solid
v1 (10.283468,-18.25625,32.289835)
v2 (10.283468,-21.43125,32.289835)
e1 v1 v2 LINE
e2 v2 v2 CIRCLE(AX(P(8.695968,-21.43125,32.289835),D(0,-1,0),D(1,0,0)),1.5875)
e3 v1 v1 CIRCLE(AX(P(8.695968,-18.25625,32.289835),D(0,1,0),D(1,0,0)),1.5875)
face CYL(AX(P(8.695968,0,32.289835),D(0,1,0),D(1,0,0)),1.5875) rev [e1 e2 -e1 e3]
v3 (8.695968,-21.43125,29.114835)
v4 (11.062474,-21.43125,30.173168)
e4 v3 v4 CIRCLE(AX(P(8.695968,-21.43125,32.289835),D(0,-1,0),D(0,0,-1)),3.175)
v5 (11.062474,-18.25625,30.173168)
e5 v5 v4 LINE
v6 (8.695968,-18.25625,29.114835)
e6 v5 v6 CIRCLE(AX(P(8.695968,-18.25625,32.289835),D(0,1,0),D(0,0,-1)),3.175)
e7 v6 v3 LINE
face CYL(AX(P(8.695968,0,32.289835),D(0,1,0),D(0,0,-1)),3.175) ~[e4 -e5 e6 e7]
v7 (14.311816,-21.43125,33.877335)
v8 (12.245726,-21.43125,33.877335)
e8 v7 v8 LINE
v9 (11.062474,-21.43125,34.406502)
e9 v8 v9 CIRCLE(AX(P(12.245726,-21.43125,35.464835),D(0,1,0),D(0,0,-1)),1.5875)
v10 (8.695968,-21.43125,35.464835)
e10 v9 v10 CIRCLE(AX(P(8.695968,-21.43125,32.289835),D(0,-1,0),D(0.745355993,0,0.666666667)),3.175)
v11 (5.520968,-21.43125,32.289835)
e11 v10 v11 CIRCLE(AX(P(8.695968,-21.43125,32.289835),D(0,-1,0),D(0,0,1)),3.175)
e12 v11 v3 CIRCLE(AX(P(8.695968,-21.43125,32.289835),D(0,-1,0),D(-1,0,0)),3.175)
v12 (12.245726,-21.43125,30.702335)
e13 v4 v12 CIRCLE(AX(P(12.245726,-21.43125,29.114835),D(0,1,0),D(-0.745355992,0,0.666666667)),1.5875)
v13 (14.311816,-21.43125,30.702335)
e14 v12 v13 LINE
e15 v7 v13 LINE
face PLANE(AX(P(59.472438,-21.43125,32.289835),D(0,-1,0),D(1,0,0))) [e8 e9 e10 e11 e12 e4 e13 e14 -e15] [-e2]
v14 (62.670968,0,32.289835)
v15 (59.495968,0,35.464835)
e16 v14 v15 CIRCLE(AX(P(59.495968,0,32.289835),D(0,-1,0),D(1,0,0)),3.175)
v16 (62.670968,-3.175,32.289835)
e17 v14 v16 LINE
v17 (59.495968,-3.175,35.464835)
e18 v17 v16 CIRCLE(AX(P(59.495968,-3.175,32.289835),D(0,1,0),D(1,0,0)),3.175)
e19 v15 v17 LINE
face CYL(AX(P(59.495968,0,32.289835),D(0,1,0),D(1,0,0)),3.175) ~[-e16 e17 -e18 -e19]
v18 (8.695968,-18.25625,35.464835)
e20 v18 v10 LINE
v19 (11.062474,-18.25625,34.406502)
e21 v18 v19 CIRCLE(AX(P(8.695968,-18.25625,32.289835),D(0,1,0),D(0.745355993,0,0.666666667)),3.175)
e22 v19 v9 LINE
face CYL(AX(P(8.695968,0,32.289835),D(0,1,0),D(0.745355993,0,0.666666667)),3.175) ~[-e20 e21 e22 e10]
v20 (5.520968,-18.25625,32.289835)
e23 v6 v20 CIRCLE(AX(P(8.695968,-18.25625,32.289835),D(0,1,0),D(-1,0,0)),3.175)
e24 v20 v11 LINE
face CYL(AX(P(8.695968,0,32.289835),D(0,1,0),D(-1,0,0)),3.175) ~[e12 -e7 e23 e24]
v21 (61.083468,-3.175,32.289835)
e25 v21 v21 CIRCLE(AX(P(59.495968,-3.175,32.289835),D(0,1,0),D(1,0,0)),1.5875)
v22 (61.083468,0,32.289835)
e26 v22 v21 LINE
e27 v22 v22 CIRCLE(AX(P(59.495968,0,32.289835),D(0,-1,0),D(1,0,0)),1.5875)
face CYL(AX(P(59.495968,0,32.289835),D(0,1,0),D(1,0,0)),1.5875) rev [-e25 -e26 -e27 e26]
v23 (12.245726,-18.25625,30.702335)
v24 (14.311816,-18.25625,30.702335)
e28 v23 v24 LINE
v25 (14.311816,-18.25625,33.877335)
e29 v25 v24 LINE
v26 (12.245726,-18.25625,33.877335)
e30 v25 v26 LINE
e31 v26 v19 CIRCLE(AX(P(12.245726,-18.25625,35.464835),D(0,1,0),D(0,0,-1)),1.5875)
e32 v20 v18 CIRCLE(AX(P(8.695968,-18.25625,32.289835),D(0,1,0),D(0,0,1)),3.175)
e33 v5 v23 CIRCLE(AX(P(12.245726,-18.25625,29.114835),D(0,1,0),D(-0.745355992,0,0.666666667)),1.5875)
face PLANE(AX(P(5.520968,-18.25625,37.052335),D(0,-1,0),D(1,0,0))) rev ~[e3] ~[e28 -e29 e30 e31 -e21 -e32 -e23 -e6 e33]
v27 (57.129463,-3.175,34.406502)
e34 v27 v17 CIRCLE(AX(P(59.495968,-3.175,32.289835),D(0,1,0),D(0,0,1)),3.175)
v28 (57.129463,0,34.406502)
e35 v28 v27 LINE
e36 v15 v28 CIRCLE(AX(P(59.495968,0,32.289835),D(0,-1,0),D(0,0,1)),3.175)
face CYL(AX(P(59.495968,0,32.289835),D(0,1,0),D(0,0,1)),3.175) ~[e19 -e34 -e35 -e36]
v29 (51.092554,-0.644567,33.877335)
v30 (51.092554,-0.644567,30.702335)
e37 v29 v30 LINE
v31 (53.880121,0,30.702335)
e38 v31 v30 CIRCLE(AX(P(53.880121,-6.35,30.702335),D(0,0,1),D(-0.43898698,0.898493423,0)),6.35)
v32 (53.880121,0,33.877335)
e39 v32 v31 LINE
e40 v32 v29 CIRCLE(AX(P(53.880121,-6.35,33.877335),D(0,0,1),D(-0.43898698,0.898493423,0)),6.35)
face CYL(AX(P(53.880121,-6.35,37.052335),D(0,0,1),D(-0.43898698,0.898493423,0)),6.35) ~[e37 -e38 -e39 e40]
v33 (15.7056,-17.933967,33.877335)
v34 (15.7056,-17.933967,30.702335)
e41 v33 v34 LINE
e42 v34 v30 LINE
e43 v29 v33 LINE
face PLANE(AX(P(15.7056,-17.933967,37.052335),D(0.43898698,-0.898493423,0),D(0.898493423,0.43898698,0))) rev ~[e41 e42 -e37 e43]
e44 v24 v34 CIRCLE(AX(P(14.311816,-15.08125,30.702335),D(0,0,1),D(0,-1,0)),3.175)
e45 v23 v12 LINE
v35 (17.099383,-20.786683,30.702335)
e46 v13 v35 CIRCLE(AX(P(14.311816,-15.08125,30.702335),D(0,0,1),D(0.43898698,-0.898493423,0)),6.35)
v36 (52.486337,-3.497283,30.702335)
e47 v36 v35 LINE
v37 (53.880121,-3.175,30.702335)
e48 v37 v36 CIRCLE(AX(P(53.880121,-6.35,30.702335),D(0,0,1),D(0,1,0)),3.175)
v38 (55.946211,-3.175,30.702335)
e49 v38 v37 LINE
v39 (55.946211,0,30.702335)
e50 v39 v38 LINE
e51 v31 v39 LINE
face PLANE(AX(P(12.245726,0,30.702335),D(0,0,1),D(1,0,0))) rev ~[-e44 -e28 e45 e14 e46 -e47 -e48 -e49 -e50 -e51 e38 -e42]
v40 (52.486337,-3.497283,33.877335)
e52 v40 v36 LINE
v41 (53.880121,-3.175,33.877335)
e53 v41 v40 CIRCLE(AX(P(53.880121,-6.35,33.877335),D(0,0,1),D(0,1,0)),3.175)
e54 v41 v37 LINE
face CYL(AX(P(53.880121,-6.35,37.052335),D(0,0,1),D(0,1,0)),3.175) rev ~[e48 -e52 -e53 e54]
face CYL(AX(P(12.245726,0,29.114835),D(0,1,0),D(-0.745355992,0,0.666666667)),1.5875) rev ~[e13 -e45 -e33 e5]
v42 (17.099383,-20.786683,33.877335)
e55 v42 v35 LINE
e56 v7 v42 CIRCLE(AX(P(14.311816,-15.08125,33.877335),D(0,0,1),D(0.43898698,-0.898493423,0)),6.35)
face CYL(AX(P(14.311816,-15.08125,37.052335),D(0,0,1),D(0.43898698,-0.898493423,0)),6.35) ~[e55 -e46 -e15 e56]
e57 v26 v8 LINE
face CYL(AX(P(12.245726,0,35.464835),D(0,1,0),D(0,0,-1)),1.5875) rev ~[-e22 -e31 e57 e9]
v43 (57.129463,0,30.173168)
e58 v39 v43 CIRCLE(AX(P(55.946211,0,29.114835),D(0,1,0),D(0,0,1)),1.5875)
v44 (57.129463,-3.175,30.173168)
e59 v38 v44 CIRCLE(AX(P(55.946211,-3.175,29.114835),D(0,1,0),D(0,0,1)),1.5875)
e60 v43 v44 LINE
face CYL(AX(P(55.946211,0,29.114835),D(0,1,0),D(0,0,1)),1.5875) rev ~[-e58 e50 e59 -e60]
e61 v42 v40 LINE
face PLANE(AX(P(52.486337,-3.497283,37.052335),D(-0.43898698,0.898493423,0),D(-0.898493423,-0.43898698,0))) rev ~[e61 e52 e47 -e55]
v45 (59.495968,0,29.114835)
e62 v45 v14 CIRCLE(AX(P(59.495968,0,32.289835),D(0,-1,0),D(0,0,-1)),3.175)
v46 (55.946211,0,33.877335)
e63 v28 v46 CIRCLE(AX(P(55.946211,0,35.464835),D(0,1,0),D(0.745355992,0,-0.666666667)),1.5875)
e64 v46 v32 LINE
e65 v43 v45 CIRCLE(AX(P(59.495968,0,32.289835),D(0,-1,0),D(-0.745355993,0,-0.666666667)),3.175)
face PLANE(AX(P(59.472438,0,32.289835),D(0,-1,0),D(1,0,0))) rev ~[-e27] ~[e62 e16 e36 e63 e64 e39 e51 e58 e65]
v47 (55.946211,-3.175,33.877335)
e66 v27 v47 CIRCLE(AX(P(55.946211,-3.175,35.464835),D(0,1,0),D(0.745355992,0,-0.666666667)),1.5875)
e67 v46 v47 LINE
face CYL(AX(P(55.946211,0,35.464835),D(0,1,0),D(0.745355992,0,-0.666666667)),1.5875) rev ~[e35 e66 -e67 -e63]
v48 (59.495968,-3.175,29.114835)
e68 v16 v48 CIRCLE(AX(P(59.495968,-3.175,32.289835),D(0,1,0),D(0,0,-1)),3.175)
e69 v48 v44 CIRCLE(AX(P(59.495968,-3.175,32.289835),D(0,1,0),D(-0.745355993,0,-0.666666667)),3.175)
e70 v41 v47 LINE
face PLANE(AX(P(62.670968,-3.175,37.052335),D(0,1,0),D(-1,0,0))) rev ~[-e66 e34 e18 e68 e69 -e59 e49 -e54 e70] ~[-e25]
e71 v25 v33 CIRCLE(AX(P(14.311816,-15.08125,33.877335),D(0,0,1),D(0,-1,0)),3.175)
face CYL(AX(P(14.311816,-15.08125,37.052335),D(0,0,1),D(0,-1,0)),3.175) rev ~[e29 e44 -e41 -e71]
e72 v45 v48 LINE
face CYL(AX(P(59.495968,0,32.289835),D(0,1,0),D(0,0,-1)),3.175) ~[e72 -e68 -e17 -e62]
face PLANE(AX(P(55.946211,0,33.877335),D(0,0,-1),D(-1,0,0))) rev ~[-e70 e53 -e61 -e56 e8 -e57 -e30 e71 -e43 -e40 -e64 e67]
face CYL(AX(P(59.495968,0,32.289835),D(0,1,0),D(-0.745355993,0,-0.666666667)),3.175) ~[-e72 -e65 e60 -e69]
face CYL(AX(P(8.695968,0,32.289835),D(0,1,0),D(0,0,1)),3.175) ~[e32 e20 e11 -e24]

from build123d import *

# Parameters (mm, degrees)
F0_R     = 1.5875
F1_DEPTH = 21.43125
F3_W     = 5.5415052762
F3_H     = 18.25625
F3_W_2   = 1.1832526381
F4_DEPTH = 25.4


with BuildPart() as f1:
    # F0 (on Front) → F1 (new body)
    with BuildSketch(Plane.XZ):
        with BuildLine():
            ThreePointArc((62.670968473, 32.2898349643), (61.7410325032, 34.5348989945), (59.495968473, 35.4648349643))
            ThreePointArc((59.495968473, 35.4648349643), (58.1997801507, 35.1882001644), (57.1294631968, 34.4065016309))
            ThreePointArc((57.1294631968, 34.4065016309), (56.9242538578, 34.1517986959), (56.7463378159, 33.8773349643))
            ThreePointArc((56.7463378159, 33.8773349643), (56.320968473, 32.2898349643), (56.7463378159, 30.7023349643))
            ThreePointArc((56.7463378159, 30.7023349643), (56.9242538578, 30.4278712326), (57.1294631968, 30.1731682976))
            ThreePointArc((57.1294631968, 30.1731682976), (58.1997801507, 29.3914697641), (59.495968473, 29.1148349643))
            ThreePointArc((59.495968473, 29.1148349643), (61.7410325032, 30.044770934), (62.670968473, 32.2898349643))
        make_face()
        with Locations((59.495968473, 32.2898349643)):
            Circle(F0_R, mode=Mode.SUBTRACT)
        with BuildLine():
            Line((12.2457263872, 33.8773349643), (11.44559913, 33.8773349643))
            ThreePointArc((11.44559913, 33.8773349643), (11.7627829714, 33.1115854325), (11.870968473, 32.2898349643))
            ThreePointArc((11.870968473, 32.2898349643), (11.7627829714, 31.4680844961), (11.44559913, 30.7023349643))
            Line((11.44559913, 30.7023349643), (12.2457263872, 30.7023349643))
            Line((12.2457263872, 30.7023349643), (55.9462105587, 30.7023349643))
            Line((55.9462105587, 30.7023349643), (56.7463378159, 30.7023349643))
            ThreePointArc((56.7463378159, 30.7023349643), (56.320968473, 32.2898349643), (56.7463378159, 33.8773349643))
            Line((56.7463378159, 33.8773349643), (55.9462105587, 33.8773349643))
            Line((55.9462105587, 33.8773349643), (12.2457263872, 33.8773349643))
        make_face()
        with BuildLine():
            ThreePointArc((11.0624737491, 34.4065016309), (9.9921567952, 35.1882001644), (8.695968473, 35.4648349643))
            ThreePointArc((8.695968473, 35.4648349643), (6.4509044427, 34.5348989945), (5.520968473, 32.2898349643))
            ThreePointArc((5.520968473, 32.2898349643), (6.4509044427, 30.044770934), (8.695968473, 29.1148349643))
            ThreePointArc((8.695968473, 29.1148349643), (9.9921567952, 29.3914697641), (11.0624737491, 30.1731682976))
            ThreePointArc((11.0624737491, 30.1731682976), (11.2676830882, 30.4278712326), (11.44559913, 30.7023349643))
            ThreePointArc((11.44559913, 30.7023349643), (11.7627829714, 31.4680844961), (11.870968473, 32.2898349643))
            ThreePointArc((11.870968473, 32.2898349643), (11.7627829714, 33.1115854325), (11.44559913, 33.8773349643))
            ThreePointArc((11.44559913, 33.8773349643), (11.2676830882, 34.1517986959), (11.0624737491, 34.4065016309))
        make_face()
        with Locations((8.695968473, 32.2898349643)):
            Circle(F0_R, mode=Mode.SUBTRACT)
        with BuildLine():
            ThreePointArc((12.2457263872, 33.8773349643), (11.5976322261, 34.0156523642), (11.0624737491, 34.4065016309))
            ThreePointArc((11.0624737491, 34.4065016309), (11.2676830882, 34.1517986959), (11.44559913, 33.8773349643))
            Line((11.44559913, 33.8773349643), (12.2457263872, 33.8773349643))
        make_face()
        with BuildLine():
            ThreePointArc((11.44559913, 30.7023349643), (11.2676830882, 30.4278712326), (11.0624737491, 30.1731682976))
            ThreePointArc((11.0624737491, 30.1731682976), (11.5976322261, 30.5640175643), (12.2457263872, 30.7023349643))
            Line((12.2457263872, 30.7023349643), (11.44559913, 30.7023349643))
        make_face()
        with BuildLine():
            ThreePointArc((56.7463378159, 33.8773349643), (56.9242538578, 34.1517986959), (57.1294631968, 34.4065016309))
            ThreePointArc((57.1294631968, 34.4065016309), (56.5943047198, 34.0156523642), (55.9462105587, 33.8773349643))
            Line((55.9462105587, 33.8773349643), (56.7463378159, 33.8773349643))
        make_face()
        with BuildLine():
            ThreePointArc((55.9462105587, 30.7023349643), (56.5943047198, 30.5640175643), (57.1294631968, 30.1731682976))
            ThreePointArc((57.1294631968, 30.1731682976), (56.9242538578, 30.4278712326), (56.7463378159, 30.7023349643))
            Line((56.7463378159, 30.7023349643), (55.9462105587, 30.7023349643))
        make_face()
    extrude(amount=F1_DEPTH)

    # F3 (on offset) → F4 (cut)
    with BuildSketch(Plane.XY.offset(37.0523349643)):
        with BuildLine():
            ThreePointArc((51.0925536335, -0.6445667631), (52.4495618095, -0.1632399006), (53.8801209564, 0))
            Line((53.8801209564, 0), (52.4118159895, 0))
            Line((52.4118159895, 0), (51.0925536335, -0.6445667631))
        make_face()
        with Locations((59.9002158349, -12.303125)):
            Rectangle(F3_W, F3_H)
        with Locations((56.5378368777, -12.303125)):
            Rectangle(F3_W_2, F3_H)
        with Locations((11.6541000682, -9.128125)):
            Rectangle(F3_W_2, F3_H)
        with BuildLine():
            Line((51.0925536335, -0.6445667631), (52.4118159895, 0))
            Line((52.4118159895, 0), (12.2457263872, 0))
            Line((12.2457263872, 0), (12.2457263872, -18.25625))
            Line((12.2457263872, -18.25625), (14.3118159895, -18.25625))
            ThreePointArc((14.3118159895, -18.25625), (15.027095563, -18.1746300497), (15.7055996509, -17.9339666184))
            Line((15.7055996509, -17.9339666184), (51.0925536335, -0.6445667631))
        make_face()
        with BuildLine():
            Line((55.9462105587, -21.43125), (55.9462105587, -3.175))
            Line((55.9462105587, -3.175), (53.8801209564, -3.175))
            ThreePointArc((53.8801209564, -3.175), (53.164841383, -3.2566199503), (52.486337295, -3.4972833816))
            Line((52.486337295, -3.4972833816), (17.0993833124, -20.7866832369))
            Line((17.0993833124, -20.7866832369), (15.7801209564, -21.43125))
            Line((15.7801209564, -21.43125), (55.9462105587, -21.43125))
        make_face()
        with Locations((8.2917211111, -9.128125)):
            Rectangle(F3_W, F3_H)
        with BuildLine():
            Line((14.3118159895, -21.43125), (15.7801209564, -21.43125))
            Line((15.7801209564, -21.43125), (17.0993833124, -20.7866832369))
            ThreePointArc((17.0993833124, -20.7866832369), (15.7423751365, -21.2680100994), (14.3118159895, -21.43125))
        make_face()
    extrude(amount=-F4_DEPTH, mode=Mode.SUBTRACT)


solid = f1.part
